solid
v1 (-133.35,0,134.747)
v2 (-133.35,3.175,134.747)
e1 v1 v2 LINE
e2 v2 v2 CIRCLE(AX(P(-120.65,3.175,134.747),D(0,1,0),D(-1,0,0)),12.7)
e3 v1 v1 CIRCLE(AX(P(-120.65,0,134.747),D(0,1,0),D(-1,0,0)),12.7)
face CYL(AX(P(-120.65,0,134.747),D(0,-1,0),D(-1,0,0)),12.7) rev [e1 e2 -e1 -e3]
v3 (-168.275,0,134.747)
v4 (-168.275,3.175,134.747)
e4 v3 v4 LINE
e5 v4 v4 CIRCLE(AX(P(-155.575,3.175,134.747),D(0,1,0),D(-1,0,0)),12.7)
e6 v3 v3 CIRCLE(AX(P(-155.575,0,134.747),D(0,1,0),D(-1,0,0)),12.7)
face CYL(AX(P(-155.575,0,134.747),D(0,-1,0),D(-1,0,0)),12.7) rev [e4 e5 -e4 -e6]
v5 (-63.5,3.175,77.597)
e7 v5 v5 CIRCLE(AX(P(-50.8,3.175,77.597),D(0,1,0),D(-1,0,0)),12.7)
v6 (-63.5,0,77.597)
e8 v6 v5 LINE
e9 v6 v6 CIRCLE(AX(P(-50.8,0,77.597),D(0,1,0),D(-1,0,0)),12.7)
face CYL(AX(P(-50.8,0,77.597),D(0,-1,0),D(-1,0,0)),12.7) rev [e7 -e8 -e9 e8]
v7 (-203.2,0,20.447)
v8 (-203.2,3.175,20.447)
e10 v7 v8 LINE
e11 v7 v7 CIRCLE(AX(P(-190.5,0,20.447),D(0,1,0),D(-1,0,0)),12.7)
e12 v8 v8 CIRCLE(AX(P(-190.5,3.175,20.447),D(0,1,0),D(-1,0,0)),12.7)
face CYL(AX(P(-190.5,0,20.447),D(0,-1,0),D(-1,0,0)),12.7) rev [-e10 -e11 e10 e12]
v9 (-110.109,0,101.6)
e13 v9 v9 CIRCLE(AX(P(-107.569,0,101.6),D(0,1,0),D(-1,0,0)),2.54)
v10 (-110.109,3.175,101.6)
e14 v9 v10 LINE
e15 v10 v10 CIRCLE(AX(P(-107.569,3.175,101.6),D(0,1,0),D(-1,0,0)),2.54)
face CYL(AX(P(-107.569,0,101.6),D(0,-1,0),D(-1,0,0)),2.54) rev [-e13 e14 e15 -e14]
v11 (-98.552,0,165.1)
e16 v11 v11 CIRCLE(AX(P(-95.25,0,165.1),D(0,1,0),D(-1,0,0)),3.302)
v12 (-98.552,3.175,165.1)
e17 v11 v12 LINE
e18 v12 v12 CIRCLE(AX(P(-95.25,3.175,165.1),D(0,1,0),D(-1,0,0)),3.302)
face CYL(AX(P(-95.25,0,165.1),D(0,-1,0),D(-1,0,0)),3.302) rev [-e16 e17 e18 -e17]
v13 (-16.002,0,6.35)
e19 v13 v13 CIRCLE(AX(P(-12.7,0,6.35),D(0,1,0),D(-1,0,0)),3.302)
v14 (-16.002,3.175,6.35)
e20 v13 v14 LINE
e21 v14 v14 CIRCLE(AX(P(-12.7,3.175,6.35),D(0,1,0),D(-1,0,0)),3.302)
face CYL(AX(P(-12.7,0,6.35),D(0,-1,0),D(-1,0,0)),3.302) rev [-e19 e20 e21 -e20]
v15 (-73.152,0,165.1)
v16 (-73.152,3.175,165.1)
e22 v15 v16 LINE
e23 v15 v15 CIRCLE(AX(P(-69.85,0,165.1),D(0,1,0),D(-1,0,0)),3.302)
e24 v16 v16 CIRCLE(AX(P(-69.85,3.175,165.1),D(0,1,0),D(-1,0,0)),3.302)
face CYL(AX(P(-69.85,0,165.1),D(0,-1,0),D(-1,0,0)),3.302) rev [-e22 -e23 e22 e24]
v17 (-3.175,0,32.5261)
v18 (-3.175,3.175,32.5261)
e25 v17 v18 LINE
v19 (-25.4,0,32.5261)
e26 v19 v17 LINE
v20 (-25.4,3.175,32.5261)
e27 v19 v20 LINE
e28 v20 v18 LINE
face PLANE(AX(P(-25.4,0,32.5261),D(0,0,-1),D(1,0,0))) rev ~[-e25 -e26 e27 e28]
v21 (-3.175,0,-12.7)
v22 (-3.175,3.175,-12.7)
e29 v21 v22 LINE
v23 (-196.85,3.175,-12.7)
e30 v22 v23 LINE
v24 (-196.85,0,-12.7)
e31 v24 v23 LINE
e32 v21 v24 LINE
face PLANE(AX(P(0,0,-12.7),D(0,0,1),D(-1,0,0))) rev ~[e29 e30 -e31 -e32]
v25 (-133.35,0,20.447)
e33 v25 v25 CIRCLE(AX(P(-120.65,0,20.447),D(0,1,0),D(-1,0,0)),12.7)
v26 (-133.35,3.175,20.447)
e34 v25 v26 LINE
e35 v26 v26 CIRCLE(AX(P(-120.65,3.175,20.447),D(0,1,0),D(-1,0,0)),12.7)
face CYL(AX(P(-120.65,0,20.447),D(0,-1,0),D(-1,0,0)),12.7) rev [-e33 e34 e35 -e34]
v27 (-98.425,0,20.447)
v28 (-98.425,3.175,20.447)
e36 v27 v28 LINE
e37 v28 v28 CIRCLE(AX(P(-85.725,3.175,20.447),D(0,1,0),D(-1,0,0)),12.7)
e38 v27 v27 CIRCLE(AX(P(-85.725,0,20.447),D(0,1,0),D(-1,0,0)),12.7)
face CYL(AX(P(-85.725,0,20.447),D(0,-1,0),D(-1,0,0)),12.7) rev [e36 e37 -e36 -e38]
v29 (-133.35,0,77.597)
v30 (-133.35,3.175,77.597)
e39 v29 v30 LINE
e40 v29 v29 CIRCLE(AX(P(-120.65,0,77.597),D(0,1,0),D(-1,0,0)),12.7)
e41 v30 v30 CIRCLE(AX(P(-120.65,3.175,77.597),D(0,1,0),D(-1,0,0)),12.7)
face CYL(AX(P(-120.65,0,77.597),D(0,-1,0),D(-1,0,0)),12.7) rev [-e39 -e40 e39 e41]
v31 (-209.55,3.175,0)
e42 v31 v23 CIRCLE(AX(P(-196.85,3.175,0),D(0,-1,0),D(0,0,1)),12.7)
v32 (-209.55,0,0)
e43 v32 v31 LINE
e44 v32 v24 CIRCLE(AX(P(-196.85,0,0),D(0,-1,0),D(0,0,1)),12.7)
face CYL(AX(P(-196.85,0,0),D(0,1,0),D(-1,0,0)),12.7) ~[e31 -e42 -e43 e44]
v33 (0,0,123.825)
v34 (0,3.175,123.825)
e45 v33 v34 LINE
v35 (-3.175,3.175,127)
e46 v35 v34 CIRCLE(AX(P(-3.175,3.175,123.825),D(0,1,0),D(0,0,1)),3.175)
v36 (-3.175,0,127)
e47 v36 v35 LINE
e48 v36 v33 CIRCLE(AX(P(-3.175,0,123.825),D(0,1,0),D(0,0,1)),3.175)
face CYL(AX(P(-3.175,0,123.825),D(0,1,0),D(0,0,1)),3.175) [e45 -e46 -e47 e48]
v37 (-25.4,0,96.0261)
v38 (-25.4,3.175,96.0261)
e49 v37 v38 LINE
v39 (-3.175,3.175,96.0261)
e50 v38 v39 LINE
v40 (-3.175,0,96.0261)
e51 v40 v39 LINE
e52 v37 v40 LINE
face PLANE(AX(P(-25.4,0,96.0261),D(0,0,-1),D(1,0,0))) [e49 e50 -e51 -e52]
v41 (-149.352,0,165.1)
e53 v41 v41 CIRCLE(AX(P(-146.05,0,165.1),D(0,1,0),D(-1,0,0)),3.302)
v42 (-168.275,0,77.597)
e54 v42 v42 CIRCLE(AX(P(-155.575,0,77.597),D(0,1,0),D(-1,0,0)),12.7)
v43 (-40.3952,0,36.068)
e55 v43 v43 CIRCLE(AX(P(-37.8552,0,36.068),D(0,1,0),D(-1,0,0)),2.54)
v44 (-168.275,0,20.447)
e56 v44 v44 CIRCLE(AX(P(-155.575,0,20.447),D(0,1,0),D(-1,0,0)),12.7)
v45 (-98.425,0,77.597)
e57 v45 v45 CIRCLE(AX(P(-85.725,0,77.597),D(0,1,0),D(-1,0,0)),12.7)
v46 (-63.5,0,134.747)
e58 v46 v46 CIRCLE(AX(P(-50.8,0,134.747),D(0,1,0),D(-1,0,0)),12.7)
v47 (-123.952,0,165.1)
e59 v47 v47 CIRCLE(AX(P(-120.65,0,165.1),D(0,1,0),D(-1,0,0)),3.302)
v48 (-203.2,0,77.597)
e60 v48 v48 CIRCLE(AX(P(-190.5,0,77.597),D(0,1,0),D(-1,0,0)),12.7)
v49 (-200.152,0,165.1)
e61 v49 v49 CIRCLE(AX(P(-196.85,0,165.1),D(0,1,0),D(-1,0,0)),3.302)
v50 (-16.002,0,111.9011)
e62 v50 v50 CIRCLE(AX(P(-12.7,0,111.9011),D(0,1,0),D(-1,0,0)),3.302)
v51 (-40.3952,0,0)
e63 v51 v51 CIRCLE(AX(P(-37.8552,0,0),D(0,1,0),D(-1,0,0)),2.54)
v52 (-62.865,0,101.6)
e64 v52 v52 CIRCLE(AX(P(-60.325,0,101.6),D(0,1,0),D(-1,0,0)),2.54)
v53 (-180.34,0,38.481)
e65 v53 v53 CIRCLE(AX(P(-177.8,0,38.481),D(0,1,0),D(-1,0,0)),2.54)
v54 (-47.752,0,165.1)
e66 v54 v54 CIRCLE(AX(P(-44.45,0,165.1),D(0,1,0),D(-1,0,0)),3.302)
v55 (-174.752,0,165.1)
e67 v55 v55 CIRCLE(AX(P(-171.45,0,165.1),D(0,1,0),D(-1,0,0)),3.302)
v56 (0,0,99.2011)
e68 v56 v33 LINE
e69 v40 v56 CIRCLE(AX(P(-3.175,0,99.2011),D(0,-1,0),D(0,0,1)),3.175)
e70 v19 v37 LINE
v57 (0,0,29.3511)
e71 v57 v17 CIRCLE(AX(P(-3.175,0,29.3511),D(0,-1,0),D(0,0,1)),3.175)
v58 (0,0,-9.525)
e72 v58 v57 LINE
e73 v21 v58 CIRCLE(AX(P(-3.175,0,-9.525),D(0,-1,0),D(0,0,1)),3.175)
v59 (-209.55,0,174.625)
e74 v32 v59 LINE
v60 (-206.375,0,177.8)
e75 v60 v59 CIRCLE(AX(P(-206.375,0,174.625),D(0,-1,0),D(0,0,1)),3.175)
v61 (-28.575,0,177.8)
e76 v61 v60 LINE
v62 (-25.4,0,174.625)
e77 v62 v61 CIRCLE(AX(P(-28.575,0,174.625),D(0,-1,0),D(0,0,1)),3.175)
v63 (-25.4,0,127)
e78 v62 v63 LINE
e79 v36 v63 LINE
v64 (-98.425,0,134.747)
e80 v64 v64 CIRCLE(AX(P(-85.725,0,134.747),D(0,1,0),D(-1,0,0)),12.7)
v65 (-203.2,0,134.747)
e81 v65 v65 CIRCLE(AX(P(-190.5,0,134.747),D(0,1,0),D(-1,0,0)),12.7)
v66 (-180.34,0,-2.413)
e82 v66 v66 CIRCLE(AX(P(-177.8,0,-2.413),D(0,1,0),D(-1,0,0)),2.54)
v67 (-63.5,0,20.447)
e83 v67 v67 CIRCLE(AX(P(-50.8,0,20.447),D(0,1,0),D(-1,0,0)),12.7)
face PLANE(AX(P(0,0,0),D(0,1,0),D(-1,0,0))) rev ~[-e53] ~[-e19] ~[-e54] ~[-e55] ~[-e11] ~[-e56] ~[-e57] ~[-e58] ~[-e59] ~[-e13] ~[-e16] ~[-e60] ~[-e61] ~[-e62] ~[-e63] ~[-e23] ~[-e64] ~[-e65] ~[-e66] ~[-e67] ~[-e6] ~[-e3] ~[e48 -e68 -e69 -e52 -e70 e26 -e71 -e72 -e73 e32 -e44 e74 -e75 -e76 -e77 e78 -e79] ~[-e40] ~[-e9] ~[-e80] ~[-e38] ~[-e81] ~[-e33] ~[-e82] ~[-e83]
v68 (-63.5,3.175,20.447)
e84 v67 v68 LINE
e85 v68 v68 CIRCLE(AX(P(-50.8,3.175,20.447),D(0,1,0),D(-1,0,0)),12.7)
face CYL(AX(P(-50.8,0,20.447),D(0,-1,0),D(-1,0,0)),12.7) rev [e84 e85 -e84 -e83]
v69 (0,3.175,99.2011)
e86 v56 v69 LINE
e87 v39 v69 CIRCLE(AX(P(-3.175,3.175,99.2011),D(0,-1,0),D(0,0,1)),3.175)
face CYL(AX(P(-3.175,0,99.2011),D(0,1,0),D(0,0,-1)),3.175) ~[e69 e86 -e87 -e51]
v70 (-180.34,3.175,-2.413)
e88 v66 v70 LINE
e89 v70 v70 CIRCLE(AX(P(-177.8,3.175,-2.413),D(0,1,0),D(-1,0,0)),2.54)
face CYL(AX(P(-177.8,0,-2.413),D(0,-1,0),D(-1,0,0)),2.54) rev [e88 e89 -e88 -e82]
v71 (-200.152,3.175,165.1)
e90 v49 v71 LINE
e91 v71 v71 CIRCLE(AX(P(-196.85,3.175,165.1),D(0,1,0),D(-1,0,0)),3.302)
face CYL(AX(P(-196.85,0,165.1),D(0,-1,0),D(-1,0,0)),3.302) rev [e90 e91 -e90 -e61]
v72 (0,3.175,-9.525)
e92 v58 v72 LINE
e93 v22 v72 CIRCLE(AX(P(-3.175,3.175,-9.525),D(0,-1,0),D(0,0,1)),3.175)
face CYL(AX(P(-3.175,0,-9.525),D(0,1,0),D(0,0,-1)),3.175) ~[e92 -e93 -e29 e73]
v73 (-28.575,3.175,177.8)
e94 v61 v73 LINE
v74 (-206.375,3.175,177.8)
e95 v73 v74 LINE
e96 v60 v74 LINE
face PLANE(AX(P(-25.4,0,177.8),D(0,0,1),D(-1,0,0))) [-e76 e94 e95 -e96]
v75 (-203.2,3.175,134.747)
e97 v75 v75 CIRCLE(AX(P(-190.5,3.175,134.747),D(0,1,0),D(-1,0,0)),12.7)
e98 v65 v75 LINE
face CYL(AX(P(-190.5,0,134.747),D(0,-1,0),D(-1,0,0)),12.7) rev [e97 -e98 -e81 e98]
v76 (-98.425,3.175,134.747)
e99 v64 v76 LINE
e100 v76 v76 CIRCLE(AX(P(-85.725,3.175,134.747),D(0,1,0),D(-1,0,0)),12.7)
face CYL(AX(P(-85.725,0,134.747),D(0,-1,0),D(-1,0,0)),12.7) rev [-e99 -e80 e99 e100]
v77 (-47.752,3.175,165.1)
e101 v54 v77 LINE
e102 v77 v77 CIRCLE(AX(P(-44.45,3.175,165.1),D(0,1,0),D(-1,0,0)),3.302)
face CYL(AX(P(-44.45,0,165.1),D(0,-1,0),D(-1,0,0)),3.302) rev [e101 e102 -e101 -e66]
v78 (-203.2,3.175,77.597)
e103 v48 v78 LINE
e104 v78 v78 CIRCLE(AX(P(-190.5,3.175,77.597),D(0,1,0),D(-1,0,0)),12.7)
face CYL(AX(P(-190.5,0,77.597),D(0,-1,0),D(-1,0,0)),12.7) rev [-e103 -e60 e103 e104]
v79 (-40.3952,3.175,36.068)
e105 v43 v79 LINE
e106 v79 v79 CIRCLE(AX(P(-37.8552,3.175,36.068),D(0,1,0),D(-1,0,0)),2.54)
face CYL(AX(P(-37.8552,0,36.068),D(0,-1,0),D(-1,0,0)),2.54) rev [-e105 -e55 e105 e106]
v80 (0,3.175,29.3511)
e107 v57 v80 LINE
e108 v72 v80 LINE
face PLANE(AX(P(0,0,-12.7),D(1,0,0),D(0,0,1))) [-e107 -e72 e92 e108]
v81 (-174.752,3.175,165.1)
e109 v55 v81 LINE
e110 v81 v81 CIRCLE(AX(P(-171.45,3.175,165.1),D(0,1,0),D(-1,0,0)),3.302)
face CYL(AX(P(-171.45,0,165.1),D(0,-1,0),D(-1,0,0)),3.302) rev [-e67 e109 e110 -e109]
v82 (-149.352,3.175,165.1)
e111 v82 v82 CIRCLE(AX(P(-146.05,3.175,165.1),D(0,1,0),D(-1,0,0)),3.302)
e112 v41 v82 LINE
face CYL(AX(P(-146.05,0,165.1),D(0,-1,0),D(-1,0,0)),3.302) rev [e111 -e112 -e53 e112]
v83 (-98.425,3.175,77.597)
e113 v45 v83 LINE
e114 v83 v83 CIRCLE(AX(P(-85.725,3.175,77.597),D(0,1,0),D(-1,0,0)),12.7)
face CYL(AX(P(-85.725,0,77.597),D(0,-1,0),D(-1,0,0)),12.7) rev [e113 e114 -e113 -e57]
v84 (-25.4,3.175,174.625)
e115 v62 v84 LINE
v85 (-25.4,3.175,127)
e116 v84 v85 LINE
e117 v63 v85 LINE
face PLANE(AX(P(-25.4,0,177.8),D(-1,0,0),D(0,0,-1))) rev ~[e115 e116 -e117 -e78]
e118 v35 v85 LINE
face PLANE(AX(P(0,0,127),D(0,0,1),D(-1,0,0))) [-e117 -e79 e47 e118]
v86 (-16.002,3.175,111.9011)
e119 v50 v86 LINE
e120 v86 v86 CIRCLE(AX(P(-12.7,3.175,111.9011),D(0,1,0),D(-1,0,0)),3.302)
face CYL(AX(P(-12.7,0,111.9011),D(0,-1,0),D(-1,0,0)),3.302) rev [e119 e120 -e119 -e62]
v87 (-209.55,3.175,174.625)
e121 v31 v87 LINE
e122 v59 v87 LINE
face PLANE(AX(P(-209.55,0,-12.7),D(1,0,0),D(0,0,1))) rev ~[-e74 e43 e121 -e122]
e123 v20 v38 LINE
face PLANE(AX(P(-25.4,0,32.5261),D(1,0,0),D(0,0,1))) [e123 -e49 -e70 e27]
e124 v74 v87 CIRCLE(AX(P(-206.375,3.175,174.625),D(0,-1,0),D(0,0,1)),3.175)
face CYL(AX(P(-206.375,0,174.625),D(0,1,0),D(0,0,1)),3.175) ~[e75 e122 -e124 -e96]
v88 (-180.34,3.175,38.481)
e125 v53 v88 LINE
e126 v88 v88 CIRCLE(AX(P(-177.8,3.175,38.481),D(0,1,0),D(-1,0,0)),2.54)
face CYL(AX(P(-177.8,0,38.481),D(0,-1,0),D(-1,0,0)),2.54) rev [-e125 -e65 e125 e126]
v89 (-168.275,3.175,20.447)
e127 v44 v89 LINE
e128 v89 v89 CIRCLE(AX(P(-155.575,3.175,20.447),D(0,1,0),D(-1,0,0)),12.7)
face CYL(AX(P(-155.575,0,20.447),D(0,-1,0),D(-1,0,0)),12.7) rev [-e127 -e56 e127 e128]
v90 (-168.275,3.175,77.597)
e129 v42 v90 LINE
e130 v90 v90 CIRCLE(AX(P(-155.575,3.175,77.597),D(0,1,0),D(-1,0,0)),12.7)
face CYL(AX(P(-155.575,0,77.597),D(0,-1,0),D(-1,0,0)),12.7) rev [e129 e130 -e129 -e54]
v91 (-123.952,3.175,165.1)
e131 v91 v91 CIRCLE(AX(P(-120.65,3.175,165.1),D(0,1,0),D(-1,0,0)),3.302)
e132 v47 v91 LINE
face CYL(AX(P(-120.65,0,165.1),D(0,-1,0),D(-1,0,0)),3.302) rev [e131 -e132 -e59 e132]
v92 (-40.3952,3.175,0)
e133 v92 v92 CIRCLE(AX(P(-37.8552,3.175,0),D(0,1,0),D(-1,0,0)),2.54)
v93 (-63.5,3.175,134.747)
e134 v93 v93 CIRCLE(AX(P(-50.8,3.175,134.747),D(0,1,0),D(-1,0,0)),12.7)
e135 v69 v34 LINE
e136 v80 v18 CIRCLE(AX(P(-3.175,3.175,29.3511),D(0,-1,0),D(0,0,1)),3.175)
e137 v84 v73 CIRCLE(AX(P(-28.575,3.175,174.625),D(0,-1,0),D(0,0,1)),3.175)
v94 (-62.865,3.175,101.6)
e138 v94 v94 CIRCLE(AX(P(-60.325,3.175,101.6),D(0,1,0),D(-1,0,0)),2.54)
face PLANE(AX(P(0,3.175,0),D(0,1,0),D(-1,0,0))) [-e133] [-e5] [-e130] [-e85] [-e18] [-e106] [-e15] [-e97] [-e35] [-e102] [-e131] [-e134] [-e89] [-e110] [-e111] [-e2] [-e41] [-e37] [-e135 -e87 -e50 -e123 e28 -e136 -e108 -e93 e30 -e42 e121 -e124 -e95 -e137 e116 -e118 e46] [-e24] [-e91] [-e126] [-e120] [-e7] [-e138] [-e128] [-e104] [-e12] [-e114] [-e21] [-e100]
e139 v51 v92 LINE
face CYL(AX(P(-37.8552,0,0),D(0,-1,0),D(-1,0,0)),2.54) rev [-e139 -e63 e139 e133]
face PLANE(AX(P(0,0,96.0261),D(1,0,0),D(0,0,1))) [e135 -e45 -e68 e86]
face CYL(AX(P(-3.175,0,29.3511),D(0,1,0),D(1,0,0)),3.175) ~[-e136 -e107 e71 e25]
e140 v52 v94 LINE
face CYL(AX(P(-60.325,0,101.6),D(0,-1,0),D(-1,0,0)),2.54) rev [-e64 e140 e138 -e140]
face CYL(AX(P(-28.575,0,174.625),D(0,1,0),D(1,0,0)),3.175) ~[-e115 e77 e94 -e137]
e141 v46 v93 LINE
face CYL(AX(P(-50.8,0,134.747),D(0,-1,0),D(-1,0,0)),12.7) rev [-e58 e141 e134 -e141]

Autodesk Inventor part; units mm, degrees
ref_plane "YZ Plane" through (0, 0, 0) normal (1, 0, 0) x (0, 1, 0)
ref_plane "XZ Plane" through (0, 0, 0) normal (0, 1, 0) x (-1, 0, 0)
ref_plane "XY Plane" through (0, 0, 0) normal (0, 0, 1) x (1, 0, 0)
sketch "Sketch1" plane through (0, 0, 0) normal (0, 1, 0) x (-1, 0, 0)
  line L0 (60.325, 101.6) -> (107.569, 101.6) construction
  circle A0 centre (60.325, 101.6) radius 2.54
  circle A1 centre (107.569, 101.6) radius 2.54
  line L1 (0, 127) -> (25.4, 127)
  line L2 (25.4, 177.8) -> (209.55, 177.8)
  line L3 (0, -12.7) -> (209.55, -12.7)
  line L4 (209.55, -12.7) -> (209.55, 177.8)
  line L5 (37.8552, 0) -> (37.8552, 36.068) construction
  circle A2 centre (37.8552, 36.068) radius 2.54
  circle A3 centre (37.8552, 0) radius 2.54
  circle A4 centre (12.7, 139.7) radius 3.302 construction
  circle A5 centre (12.7, 165.1) radius 3.302 construction
  arc A6 (23.8125, 127) -> (25.4, 128.5875) centre (23.8125, 128.5875) ccw construction
  line L6 (23.8125, 127) -> (1.5875, 127) construction
  arc A7 (0, 128.5875) -> (1.5875, 127) centre (1.5875, 128.5875) ccw construction
  line L7 (0, 128.5875) -> (0, 176.2125) construction
  arc A8 (1.5875, 177.8) -> (0, 176.2125) centre (1.5875, 176.2125) ccw construction
  line L8 (1.5875, 177.8) -> (23.8125, 177.8) construction
  arc A9 (25.4, 176.2125) -> (23.8125, 177.8) centre (23.8125, 176.2125) ccw construction
  line L9 (25.4, 176.2125) -> (25.4, 128.5875) construction
  circle A10 centre (12.7, 42.0511) radius 3.302 construction
  circle A11 centre (12.7, 86.5011) radius 3.302 construction
  line L10 (25.4, 32.5261) -> (25.4, 96.0261) projected
  line L11 (25.4, 96.0261) -> (0, 96.0261) projected
  line L12 (0, 32.5261) -> (0, 96.0261) projected
  line L13 (25.4, 32.5261) -> (0, 32.5261) projected
  circle A12 centre (69.85, 165.1) radius 3.302 projected
  circle A13 centre (196.85, 165.1) radius 3.302 projected
  circle A14 centre (146.05, 165.1) radius 3.302 projected
  circle A15 centre (120.65, 165.1) radius 3.302 projected
  line L14 (0, -12.7) -> (0, 127)
  line L15 (25.4, 177.8) -> (25.4, 127)
  circle A16 centre (44.45, 165.1) radius 3.302 projected
  circle A17 centre (95.25, 165.1) radius 3.302 projected
  circle A18 centre (171.45, 165.1) radius 3.302 projected
  line L16 (177.8, 38.481) -> (177.8, -2.413) construction
  circle A19 centre (177.8, -2.413) radius 2.54
  circle A20 centre (177.8, 38.481) radius 2.54
  line L17 (0, 20.447) -> (209.55, 20.447) construction
  line L18 (37.8552, 36.068) -> (177.8, 38.481) construction
  line L19 (177.8, -2.413) -> (37.8552, 0) construction
  circle A21 centre (12.7, 6.35) radius 3.302 projected
  circle A22 centre (12.7, 111.9011) radius 3.302 projected
  circle A23 centre (50.8, 20.447) radius 12.7
  circle A24 centre (85.725, 20.447) radius 12.7
  circle A25 centre (120.65, 20.447) radius 12.7
  circle A26 centre (50.8, 77.597) radius 12.7
  circle A27 centre (85.725, 77.597) radius 12.7
  circle A28 centre (120.65, 77.597) radius 12.7
  circle A29 centre (50.8, 134.747) radius 12.7
  circle A30 centre (85.725, 134.747) radius 12.7
  circle A31 centre (120.65, 134.747) radius 12.7
  circle A32 centre (155.575, 20.447) radius 12.7
  circle A33 centre (155.575, 77.597) radius 12.7
  circle A34 centre (155.575, 134.747) radius 12.7
  circle A35 centre (190.5, 20.447) radius 12.7
  circle A36 centre (190.5, 77.597) radius 12.7
  circle A37 centre (190.5, 134.747) radius 12.7
  line L20 (37.8552, 18.034) -> (177.8, 18.034) construction
  point P0 (0, 0)
  dimension "d8" = 47.244
  dimension "d9" = 5.08
  dimension "d21" = 36.068
  dimension "d23" = 5.08
  dimension "d24" = 12.7
  dimension "d26" = 209.55
  dimension "d29" = 34.925
  dimension "d30" = 76.2
  dimension "d31" = 190.5
  dimension "d35" = 40.894
  dimension "d37" = 31.75
  dimension "d39" = 139.9656
  dimension "d41" = 25.4
  dimension "d43" = 50.8
  dimension "d46" = 34.925
  dimension "d49" = 57.15
  dimension "d52" = 33.147
extrude "Extrusion1" add sketch "Sketch1" along normal blind 3.175 contours L1 L15 L2 L4 L3 L14 L13 L10 L11
fillet "Fillet1" radius 3.175 6 edges at (0, 1.5875, -12.7) (-25.4, 1.5875, 177.8) (0, 1.5875, 96.0261) (0, 1.5875, 127) (0, 1.5875, 32.5261) (-209.55, 1.5875, 177.8)
fillet "Fillet1" radius 12.7 1 edges at (-209.55, 1.5875, -12.7)
properties part number "Rebuild Mounting Board 3" material "Aluminum 6061"
